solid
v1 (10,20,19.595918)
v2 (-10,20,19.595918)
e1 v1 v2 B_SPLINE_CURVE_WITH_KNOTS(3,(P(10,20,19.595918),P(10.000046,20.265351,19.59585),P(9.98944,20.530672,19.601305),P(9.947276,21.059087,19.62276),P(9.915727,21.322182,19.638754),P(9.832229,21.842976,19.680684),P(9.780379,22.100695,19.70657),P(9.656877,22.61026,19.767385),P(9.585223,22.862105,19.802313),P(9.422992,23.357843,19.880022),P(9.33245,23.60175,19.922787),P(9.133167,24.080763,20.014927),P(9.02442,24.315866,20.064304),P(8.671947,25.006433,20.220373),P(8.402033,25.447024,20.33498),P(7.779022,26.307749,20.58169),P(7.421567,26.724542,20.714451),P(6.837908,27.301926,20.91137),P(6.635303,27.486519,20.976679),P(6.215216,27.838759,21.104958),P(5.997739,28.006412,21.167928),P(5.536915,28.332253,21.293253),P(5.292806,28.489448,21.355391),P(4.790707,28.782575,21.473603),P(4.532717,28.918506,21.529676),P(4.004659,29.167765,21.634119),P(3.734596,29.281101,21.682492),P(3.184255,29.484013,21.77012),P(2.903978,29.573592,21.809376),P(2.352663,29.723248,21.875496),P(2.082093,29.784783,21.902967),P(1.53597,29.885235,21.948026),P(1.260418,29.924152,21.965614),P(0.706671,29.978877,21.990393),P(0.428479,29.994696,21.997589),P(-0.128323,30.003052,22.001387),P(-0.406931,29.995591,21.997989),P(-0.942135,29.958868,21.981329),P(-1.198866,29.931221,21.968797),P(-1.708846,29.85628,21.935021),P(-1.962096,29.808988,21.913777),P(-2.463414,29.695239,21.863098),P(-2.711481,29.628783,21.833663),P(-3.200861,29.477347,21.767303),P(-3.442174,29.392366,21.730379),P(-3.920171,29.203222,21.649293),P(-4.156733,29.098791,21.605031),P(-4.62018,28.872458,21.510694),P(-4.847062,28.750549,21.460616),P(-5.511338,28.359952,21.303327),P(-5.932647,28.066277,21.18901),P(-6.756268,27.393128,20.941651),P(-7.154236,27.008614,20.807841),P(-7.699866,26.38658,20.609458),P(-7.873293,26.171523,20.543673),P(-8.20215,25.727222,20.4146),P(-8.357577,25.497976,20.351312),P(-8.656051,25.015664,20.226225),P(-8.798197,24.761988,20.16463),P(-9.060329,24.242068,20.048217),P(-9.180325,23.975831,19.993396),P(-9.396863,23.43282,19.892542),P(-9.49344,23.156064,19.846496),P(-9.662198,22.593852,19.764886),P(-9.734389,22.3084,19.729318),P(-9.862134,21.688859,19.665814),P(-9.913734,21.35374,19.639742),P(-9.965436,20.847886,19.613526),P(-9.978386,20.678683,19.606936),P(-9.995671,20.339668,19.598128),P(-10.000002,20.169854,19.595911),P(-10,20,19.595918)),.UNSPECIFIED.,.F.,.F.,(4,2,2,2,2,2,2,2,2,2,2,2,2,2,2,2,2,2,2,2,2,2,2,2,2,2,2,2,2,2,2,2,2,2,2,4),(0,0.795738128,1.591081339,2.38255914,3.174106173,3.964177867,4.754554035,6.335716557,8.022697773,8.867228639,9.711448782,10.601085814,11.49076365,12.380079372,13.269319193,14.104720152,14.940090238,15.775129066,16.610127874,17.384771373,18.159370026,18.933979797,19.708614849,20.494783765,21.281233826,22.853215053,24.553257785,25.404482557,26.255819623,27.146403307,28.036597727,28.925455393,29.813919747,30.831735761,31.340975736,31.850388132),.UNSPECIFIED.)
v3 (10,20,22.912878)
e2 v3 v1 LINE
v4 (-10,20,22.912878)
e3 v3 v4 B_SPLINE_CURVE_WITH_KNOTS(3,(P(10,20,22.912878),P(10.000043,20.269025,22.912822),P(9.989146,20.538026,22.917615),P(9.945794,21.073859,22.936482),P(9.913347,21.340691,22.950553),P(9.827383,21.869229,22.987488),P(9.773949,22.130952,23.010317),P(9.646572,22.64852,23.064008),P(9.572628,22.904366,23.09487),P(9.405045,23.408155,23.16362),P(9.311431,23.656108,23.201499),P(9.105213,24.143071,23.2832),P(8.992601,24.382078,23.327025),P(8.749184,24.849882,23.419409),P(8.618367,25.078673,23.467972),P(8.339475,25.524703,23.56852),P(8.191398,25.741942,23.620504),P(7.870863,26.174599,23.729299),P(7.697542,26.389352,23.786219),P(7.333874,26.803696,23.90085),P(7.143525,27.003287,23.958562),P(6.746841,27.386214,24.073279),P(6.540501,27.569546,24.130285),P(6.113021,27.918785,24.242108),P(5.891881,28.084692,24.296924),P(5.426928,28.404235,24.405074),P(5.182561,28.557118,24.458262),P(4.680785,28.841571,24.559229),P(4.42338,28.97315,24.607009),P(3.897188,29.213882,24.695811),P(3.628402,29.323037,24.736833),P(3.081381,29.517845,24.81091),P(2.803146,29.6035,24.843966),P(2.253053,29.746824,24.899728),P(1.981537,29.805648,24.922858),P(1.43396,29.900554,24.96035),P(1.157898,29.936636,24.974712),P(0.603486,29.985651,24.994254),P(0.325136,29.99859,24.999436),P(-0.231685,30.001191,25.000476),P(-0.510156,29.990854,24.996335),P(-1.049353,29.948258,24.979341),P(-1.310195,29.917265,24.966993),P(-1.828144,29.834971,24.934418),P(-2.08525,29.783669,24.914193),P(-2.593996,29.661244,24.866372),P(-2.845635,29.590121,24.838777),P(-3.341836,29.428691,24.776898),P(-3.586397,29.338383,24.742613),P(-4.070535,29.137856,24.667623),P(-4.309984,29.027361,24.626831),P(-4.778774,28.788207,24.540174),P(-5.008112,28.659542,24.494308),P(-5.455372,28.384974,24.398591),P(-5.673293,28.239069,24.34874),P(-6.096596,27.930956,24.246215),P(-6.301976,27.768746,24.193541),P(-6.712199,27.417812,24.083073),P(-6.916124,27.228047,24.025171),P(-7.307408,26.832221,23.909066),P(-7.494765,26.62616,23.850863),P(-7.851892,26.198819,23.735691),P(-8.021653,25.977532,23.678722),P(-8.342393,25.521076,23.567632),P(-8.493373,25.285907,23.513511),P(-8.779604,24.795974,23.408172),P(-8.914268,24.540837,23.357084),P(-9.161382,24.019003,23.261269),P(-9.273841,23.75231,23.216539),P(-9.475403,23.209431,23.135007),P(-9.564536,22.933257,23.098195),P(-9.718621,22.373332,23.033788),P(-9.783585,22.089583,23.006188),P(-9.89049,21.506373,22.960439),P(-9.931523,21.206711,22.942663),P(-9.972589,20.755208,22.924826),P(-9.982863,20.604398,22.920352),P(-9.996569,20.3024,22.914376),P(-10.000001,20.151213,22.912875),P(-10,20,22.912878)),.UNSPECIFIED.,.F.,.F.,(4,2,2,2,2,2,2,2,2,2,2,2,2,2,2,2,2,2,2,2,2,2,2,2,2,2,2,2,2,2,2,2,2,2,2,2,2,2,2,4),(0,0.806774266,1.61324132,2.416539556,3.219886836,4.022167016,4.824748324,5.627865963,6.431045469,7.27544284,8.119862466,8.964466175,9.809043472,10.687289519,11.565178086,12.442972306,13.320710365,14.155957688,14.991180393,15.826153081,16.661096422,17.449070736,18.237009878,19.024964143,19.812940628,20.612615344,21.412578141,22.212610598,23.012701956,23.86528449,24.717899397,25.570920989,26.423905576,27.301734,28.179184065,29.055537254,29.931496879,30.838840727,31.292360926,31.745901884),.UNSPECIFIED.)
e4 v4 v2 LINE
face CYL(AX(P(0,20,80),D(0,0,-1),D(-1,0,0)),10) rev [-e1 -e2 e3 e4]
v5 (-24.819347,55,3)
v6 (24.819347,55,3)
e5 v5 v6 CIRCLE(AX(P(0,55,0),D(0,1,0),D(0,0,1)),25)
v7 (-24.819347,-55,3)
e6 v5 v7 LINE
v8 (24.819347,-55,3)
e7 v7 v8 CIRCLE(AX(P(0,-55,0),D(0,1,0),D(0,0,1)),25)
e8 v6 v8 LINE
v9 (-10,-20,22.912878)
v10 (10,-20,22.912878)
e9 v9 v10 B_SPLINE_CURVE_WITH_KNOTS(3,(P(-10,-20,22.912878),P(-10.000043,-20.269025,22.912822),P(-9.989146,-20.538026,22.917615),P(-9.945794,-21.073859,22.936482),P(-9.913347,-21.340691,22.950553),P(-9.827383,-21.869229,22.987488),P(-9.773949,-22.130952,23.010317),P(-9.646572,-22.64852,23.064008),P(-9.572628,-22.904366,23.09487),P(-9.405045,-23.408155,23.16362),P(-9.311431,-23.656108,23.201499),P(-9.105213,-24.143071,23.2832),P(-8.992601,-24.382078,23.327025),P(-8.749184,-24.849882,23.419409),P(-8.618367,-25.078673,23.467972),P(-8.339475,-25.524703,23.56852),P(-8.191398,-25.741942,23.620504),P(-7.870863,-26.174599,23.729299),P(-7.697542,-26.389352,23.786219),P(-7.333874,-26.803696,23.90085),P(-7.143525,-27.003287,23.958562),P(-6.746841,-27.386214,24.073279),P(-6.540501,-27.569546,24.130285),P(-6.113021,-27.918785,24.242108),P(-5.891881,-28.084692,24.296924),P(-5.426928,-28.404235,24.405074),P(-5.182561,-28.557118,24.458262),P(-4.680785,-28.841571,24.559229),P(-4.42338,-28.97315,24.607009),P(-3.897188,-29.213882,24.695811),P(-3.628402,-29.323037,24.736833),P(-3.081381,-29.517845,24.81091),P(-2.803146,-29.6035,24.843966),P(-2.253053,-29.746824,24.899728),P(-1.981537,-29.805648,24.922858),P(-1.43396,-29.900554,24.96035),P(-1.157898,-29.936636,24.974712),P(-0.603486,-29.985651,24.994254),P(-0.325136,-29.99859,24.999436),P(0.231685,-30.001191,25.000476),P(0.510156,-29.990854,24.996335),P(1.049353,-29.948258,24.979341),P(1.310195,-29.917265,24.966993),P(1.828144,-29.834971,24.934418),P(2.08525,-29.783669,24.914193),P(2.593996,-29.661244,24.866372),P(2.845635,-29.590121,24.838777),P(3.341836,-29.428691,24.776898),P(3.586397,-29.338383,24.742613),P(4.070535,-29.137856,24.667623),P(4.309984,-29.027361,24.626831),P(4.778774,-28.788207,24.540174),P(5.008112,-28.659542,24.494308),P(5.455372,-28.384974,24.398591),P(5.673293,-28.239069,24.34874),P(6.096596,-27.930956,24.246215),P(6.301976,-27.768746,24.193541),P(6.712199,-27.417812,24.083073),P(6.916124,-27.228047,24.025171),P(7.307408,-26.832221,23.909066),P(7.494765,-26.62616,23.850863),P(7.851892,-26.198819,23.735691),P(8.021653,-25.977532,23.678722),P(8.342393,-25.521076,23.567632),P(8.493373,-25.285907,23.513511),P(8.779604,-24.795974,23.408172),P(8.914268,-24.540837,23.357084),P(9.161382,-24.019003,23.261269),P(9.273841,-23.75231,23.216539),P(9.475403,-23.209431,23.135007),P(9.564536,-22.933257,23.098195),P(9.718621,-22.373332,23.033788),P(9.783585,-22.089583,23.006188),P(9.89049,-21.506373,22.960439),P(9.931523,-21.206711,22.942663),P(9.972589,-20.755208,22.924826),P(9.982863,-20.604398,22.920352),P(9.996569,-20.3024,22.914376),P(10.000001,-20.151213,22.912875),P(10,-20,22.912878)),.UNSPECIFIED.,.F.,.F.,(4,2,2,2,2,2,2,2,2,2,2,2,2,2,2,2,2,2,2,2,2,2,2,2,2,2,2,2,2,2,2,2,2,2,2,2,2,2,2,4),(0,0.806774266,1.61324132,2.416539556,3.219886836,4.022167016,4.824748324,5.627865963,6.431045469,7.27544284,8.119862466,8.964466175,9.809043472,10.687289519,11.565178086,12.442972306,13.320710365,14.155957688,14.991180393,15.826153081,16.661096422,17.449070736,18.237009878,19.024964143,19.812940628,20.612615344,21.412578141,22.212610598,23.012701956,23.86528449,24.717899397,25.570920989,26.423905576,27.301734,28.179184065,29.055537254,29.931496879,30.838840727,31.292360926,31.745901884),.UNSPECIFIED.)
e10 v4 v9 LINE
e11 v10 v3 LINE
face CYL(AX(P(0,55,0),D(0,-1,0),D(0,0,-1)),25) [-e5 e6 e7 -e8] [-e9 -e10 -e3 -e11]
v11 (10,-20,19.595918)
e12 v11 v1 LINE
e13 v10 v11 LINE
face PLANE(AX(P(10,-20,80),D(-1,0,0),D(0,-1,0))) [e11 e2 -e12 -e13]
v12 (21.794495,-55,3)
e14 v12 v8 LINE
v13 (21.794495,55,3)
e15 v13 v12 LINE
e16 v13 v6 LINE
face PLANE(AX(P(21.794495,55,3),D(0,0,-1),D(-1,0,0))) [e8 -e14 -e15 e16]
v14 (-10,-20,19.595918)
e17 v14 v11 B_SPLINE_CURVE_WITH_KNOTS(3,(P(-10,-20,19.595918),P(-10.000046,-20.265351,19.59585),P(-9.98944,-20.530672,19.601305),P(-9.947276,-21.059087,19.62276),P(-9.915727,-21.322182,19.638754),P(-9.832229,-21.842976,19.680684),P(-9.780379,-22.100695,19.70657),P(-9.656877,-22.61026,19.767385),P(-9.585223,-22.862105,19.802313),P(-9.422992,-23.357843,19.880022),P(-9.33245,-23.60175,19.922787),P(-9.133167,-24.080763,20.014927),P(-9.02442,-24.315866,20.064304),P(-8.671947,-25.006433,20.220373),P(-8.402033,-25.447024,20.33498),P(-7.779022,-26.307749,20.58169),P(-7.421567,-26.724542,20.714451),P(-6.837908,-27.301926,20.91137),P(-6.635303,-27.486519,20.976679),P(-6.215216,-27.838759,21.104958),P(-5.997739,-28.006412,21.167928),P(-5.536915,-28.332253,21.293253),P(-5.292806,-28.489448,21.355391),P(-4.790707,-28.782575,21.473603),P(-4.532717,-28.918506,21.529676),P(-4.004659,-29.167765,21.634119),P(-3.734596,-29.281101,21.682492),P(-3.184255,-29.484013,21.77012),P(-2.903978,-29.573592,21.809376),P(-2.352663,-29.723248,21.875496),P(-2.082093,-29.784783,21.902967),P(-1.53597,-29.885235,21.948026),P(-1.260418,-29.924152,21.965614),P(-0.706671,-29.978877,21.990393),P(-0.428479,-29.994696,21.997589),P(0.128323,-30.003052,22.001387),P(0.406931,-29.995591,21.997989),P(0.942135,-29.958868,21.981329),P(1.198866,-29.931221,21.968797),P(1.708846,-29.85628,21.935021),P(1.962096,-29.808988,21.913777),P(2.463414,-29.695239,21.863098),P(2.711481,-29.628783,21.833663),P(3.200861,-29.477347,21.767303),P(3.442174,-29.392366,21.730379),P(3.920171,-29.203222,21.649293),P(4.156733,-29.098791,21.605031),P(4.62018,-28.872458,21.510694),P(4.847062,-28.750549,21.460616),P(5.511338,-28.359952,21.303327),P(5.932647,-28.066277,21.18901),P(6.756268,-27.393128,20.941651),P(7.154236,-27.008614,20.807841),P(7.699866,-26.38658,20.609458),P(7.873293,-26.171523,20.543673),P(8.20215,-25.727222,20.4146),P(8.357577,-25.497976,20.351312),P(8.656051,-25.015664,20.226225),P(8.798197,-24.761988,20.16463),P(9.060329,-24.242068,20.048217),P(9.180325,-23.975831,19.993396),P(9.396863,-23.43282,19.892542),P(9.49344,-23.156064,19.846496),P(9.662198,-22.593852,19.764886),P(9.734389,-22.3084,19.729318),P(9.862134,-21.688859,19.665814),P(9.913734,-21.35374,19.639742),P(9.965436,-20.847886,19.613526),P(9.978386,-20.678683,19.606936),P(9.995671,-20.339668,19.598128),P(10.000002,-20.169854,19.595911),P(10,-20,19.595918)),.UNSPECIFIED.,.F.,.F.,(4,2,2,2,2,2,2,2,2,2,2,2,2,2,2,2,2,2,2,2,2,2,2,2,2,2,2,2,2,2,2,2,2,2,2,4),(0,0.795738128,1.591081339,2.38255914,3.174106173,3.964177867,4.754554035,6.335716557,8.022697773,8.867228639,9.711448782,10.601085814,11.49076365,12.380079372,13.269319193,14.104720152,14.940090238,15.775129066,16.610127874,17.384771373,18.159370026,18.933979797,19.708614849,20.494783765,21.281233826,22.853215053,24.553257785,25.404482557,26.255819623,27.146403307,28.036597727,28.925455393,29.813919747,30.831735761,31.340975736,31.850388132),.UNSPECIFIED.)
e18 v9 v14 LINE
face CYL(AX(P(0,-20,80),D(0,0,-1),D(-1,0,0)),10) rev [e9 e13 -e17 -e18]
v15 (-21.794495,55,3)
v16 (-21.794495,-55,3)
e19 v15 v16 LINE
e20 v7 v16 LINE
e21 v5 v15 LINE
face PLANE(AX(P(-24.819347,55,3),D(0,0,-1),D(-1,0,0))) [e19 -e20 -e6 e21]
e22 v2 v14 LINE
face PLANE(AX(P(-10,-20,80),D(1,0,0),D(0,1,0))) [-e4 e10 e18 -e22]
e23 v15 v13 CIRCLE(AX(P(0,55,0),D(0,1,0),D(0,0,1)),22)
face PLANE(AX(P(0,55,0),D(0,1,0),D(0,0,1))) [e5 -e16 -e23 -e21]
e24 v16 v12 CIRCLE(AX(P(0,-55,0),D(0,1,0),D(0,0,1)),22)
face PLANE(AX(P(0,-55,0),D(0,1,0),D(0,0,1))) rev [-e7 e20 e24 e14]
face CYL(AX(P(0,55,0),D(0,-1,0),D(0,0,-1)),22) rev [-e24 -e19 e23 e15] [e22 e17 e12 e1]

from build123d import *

# Parameters (mm, degrees)
BOSS_EXTRUDE1_DEPTH = 55
CUT_EXTRUDE1_DEPTH  = 80


with BuildPart() as part:
    # Sketch1 → Boss-Extrude1 (new body, symmetric)
    with BuildSketch(Plane(origin=(0, 0, 0), x_dir=(1, 0, 0), z_dir=(0, 1, 0))):
        with BuildLine():
            Line((-24.819347292, -3), (-21.794494718, -3))
            ThreePointArc((-21.794494718, -3), (0, -22), (21.794494718, -3))
            Line((21.794494718, -3), (24.819347292, -3))
            ThreePointArc((24.819347292, -3), (0, -25), (-24.819347292, -3))
        make_face()
    extrude(amount=BOSS_EXTRUDE1_DEPTH, both=True)

    # Sketch2 → Cut-Extrude1 (cut)
    with BuildSketch(Plane.XY):
        with BuildLine():
            Line((-10, -20), (-10, 20))
            ThreePointArc((-10, 20), (0, 30), (10, 20))
            Line((10, 20), (10, -20))
            ThreePointArc((10, -20), (0, -30), (-10, -20))
        make_face()
    extrude(amount=CUT_EXTRUDE1_DEPTH, mode=Mode.SUBTRACT)


solid = part.part
